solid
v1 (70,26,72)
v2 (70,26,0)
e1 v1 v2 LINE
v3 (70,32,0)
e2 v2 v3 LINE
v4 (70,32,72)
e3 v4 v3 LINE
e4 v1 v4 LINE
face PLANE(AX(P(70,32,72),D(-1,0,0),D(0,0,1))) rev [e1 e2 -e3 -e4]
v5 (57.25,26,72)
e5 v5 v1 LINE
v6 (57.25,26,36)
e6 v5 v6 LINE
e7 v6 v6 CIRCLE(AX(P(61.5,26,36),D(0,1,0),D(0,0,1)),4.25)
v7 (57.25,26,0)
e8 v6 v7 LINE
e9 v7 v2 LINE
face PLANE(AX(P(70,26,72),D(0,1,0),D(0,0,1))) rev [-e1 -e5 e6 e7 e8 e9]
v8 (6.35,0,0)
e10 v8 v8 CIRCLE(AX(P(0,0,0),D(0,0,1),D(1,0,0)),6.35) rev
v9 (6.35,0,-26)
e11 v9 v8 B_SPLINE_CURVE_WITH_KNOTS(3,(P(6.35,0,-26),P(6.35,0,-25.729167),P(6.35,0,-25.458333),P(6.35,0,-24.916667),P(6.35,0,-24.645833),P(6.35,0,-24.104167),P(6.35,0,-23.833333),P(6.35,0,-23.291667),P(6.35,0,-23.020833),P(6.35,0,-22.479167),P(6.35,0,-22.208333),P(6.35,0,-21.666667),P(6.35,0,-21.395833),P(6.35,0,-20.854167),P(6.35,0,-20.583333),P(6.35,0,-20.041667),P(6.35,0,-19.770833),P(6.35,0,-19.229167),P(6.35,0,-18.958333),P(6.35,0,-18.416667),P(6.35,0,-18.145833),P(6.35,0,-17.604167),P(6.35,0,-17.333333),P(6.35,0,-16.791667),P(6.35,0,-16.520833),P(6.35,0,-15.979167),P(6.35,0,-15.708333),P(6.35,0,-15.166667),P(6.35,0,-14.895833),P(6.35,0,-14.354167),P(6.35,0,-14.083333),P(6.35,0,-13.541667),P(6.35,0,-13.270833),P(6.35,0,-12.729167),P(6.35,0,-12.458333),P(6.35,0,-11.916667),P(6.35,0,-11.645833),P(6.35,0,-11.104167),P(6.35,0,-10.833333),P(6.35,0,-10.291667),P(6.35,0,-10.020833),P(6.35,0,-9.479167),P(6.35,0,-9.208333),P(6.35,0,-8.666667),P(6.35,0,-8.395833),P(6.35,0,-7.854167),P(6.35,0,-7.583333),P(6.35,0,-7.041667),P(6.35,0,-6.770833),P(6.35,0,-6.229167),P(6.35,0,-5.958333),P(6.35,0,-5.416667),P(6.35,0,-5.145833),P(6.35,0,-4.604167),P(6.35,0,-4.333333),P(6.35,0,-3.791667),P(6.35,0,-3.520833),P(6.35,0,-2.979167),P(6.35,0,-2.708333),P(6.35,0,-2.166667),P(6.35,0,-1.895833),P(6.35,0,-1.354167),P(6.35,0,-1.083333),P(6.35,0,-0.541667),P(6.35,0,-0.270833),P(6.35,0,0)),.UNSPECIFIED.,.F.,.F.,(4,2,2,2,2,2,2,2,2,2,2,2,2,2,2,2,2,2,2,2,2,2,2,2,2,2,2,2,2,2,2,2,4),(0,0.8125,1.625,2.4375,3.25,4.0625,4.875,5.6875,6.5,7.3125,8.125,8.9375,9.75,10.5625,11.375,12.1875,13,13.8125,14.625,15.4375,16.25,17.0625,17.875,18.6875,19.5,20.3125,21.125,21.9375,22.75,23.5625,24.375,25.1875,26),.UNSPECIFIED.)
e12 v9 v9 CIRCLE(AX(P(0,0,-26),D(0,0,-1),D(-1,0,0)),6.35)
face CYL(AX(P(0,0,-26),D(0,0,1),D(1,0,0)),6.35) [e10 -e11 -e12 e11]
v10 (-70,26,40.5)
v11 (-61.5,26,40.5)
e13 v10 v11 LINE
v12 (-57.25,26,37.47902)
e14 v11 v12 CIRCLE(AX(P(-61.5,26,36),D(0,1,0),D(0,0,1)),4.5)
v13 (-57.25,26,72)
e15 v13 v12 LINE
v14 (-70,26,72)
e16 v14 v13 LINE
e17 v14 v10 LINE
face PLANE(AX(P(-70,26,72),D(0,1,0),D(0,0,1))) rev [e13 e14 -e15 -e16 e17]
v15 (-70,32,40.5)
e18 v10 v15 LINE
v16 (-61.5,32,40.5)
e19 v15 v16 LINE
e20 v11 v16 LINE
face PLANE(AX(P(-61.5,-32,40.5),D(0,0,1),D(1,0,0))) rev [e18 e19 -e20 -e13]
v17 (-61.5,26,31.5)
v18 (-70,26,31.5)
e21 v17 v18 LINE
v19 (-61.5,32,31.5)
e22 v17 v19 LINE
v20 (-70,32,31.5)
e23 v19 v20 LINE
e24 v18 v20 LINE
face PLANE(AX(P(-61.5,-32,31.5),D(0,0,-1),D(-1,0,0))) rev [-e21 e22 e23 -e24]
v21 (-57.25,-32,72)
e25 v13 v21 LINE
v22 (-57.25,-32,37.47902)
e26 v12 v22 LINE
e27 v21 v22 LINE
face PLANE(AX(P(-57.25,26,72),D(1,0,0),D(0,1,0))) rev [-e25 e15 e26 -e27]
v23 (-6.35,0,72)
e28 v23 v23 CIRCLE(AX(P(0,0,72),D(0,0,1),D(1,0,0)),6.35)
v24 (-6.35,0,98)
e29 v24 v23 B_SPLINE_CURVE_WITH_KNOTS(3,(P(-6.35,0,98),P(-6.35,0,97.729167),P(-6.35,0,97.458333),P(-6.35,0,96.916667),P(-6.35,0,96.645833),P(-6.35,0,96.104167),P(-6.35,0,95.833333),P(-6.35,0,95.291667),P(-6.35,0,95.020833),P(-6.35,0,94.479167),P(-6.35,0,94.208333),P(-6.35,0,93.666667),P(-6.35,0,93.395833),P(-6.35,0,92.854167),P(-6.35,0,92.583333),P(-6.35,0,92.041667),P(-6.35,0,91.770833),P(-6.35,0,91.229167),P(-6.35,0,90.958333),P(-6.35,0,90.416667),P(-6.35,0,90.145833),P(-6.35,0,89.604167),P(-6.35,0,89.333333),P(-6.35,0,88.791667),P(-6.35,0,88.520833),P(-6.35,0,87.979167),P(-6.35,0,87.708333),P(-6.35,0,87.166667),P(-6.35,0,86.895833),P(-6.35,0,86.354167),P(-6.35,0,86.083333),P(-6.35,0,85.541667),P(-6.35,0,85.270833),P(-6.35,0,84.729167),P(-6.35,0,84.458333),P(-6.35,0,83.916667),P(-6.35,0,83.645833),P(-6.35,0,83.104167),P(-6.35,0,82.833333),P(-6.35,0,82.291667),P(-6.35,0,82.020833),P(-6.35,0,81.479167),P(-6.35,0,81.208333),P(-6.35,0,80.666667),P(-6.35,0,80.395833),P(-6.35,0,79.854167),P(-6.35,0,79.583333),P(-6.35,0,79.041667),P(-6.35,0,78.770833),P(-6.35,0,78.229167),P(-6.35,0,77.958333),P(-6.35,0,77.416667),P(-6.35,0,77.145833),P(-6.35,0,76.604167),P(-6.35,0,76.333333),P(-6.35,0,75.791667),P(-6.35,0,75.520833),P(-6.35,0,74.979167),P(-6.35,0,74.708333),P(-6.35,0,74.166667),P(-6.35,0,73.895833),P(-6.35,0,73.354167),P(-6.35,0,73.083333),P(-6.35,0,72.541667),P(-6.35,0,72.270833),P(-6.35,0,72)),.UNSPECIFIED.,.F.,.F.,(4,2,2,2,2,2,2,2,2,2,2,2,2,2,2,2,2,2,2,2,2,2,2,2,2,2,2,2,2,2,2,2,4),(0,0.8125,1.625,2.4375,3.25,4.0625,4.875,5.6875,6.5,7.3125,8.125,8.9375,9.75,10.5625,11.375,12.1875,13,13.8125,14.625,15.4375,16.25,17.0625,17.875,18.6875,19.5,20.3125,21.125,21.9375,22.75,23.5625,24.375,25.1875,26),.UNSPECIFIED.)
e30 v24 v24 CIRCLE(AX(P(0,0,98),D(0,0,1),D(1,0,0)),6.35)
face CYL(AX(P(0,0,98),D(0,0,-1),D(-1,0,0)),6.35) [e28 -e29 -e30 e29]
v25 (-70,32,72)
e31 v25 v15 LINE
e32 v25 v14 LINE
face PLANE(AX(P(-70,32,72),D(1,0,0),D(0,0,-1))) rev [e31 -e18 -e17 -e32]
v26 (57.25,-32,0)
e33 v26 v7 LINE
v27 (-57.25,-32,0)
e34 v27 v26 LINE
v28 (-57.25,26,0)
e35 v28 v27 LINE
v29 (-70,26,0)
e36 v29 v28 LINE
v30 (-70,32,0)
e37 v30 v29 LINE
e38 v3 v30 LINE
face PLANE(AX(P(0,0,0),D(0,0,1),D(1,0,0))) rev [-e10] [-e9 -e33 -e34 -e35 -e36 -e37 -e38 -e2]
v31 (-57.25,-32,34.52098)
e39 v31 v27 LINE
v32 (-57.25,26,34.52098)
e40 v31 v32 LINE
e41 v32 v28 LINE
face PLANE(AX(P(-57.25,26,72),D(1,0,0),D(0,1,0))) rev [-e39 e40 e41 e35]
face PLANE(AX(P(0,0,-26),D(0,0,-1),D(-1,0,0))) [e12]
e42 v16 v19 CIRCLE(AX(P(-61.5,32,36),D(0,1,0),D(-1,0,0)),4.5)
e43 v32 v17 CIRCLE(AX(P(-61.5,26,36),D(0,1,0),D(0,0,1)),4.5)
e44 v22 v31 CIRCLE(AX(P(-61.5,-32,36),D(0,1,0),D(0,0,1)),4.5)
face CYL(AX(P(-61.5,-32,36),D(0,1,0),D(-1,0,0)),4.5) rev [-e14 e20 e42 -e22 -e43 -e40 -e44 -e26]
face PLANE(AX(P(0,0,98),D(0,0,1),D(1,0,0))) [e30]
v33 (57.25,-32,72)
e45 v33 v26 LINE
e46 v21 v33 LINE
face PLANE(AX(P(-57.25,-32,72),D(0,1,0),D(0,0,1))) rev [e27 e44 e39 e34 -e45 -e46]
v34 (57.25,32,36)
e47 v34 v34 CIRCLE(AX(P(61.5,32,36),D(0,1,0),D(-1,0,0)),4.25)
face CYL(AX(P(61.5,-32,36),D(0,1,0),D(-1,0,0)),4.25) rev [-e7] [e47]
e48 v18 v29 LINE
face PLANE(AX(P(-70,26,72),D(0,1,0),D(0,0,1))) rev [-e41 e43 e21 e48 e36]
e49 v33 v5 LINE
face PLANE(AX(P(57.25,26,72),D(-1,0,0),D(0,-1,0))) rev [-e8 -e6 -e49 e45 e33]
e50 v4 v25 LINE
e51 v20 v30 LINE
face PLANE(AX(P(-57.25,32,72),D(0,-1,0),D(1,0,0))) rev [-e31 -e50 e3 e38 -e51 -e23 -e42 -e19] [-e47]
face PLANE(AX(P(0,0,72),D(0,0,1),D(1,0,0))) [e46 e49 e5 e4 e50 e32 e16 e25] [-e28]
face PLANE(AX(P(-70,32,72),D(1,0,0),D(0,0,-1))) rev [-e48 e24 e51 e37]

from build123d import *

# Parameters (mm, degrees)
BOSS_EXTRUDE1_DEPTH = 72
SKETCH2_R           = 4.25
CUT_EXTRUDE1_DEPTH  = 120.079805173
SKETCH3_R           = 6.35
BOSS_EXTRUDE2_DEPTH = 26
BOSS_EXTRUDE3_START = 26
SKETCH5_R           = 6.35
BOSS_EXTRUDE3_DEPTH = 26


with BuildPart() as part:
    # Sketch1 → Boss-Extrude1 (new body)
    with BuildSketch(Plane.XY):
        Polygon((-57.25, 32), (57.25, 32), (70, 32), (70, 26), (57.25, 26), (57.25, -32), (-57.25, -32), (-57.25, 26), (-70, 26), (-70, 32), align=None)
    extrude(amount=BOSS_EXTRUDE1_DEPTH)

    # Sketch2 → Cut-Extrude1 (cut, through all)
    with BuildSketch(Plane(origin=(0, 32, 0), x_dir=(1, 0, 0), z_dir=(0, 1, 0))):
        with Locations(Location((61.5, -36, 0), (0, 0, 180))):
            Circle(SKETCH2_R)
        with BuildLine():
            Line((-61.5, -31.5), (-70, -31.5))
            Line((-70, -31.5), (-70, -40.5))
            Line((-70, -40.5), (-61.5, -40.5))
            ThreePointArc((-61.5, -40.5), (-57, -36), (-61.5, -31.5))
        make_face()
    extrude(amount=-CUT_EXTRUDE1_DEPTH, mode=Mode.SUBTRACT)

    # Sketch3 → Boss-Extrude2 (add)
    with BuildSketch(Plane.XY.offset(72)):
        with Locations(Location((0, 0, 0), (0, 0, 180))):
            Circle(SKETCH3_R)
    extrude(amount=BOSS_EXTRUDE2_DEPTH)

    # Sketch5 → Boss-Extrude3 (add)
    with BuildSketch(Plane(origin=(0, 0, 0), x_dir=(-1, 0, 0), z_dir=(0, 0, -1)).offset(BOSS_EXTRUDE3_START)):
        Circle(SKETCH5_R)
    extrude(amount=-BOSS_EXTRUDE3_DEPTH)


solid = part.part
